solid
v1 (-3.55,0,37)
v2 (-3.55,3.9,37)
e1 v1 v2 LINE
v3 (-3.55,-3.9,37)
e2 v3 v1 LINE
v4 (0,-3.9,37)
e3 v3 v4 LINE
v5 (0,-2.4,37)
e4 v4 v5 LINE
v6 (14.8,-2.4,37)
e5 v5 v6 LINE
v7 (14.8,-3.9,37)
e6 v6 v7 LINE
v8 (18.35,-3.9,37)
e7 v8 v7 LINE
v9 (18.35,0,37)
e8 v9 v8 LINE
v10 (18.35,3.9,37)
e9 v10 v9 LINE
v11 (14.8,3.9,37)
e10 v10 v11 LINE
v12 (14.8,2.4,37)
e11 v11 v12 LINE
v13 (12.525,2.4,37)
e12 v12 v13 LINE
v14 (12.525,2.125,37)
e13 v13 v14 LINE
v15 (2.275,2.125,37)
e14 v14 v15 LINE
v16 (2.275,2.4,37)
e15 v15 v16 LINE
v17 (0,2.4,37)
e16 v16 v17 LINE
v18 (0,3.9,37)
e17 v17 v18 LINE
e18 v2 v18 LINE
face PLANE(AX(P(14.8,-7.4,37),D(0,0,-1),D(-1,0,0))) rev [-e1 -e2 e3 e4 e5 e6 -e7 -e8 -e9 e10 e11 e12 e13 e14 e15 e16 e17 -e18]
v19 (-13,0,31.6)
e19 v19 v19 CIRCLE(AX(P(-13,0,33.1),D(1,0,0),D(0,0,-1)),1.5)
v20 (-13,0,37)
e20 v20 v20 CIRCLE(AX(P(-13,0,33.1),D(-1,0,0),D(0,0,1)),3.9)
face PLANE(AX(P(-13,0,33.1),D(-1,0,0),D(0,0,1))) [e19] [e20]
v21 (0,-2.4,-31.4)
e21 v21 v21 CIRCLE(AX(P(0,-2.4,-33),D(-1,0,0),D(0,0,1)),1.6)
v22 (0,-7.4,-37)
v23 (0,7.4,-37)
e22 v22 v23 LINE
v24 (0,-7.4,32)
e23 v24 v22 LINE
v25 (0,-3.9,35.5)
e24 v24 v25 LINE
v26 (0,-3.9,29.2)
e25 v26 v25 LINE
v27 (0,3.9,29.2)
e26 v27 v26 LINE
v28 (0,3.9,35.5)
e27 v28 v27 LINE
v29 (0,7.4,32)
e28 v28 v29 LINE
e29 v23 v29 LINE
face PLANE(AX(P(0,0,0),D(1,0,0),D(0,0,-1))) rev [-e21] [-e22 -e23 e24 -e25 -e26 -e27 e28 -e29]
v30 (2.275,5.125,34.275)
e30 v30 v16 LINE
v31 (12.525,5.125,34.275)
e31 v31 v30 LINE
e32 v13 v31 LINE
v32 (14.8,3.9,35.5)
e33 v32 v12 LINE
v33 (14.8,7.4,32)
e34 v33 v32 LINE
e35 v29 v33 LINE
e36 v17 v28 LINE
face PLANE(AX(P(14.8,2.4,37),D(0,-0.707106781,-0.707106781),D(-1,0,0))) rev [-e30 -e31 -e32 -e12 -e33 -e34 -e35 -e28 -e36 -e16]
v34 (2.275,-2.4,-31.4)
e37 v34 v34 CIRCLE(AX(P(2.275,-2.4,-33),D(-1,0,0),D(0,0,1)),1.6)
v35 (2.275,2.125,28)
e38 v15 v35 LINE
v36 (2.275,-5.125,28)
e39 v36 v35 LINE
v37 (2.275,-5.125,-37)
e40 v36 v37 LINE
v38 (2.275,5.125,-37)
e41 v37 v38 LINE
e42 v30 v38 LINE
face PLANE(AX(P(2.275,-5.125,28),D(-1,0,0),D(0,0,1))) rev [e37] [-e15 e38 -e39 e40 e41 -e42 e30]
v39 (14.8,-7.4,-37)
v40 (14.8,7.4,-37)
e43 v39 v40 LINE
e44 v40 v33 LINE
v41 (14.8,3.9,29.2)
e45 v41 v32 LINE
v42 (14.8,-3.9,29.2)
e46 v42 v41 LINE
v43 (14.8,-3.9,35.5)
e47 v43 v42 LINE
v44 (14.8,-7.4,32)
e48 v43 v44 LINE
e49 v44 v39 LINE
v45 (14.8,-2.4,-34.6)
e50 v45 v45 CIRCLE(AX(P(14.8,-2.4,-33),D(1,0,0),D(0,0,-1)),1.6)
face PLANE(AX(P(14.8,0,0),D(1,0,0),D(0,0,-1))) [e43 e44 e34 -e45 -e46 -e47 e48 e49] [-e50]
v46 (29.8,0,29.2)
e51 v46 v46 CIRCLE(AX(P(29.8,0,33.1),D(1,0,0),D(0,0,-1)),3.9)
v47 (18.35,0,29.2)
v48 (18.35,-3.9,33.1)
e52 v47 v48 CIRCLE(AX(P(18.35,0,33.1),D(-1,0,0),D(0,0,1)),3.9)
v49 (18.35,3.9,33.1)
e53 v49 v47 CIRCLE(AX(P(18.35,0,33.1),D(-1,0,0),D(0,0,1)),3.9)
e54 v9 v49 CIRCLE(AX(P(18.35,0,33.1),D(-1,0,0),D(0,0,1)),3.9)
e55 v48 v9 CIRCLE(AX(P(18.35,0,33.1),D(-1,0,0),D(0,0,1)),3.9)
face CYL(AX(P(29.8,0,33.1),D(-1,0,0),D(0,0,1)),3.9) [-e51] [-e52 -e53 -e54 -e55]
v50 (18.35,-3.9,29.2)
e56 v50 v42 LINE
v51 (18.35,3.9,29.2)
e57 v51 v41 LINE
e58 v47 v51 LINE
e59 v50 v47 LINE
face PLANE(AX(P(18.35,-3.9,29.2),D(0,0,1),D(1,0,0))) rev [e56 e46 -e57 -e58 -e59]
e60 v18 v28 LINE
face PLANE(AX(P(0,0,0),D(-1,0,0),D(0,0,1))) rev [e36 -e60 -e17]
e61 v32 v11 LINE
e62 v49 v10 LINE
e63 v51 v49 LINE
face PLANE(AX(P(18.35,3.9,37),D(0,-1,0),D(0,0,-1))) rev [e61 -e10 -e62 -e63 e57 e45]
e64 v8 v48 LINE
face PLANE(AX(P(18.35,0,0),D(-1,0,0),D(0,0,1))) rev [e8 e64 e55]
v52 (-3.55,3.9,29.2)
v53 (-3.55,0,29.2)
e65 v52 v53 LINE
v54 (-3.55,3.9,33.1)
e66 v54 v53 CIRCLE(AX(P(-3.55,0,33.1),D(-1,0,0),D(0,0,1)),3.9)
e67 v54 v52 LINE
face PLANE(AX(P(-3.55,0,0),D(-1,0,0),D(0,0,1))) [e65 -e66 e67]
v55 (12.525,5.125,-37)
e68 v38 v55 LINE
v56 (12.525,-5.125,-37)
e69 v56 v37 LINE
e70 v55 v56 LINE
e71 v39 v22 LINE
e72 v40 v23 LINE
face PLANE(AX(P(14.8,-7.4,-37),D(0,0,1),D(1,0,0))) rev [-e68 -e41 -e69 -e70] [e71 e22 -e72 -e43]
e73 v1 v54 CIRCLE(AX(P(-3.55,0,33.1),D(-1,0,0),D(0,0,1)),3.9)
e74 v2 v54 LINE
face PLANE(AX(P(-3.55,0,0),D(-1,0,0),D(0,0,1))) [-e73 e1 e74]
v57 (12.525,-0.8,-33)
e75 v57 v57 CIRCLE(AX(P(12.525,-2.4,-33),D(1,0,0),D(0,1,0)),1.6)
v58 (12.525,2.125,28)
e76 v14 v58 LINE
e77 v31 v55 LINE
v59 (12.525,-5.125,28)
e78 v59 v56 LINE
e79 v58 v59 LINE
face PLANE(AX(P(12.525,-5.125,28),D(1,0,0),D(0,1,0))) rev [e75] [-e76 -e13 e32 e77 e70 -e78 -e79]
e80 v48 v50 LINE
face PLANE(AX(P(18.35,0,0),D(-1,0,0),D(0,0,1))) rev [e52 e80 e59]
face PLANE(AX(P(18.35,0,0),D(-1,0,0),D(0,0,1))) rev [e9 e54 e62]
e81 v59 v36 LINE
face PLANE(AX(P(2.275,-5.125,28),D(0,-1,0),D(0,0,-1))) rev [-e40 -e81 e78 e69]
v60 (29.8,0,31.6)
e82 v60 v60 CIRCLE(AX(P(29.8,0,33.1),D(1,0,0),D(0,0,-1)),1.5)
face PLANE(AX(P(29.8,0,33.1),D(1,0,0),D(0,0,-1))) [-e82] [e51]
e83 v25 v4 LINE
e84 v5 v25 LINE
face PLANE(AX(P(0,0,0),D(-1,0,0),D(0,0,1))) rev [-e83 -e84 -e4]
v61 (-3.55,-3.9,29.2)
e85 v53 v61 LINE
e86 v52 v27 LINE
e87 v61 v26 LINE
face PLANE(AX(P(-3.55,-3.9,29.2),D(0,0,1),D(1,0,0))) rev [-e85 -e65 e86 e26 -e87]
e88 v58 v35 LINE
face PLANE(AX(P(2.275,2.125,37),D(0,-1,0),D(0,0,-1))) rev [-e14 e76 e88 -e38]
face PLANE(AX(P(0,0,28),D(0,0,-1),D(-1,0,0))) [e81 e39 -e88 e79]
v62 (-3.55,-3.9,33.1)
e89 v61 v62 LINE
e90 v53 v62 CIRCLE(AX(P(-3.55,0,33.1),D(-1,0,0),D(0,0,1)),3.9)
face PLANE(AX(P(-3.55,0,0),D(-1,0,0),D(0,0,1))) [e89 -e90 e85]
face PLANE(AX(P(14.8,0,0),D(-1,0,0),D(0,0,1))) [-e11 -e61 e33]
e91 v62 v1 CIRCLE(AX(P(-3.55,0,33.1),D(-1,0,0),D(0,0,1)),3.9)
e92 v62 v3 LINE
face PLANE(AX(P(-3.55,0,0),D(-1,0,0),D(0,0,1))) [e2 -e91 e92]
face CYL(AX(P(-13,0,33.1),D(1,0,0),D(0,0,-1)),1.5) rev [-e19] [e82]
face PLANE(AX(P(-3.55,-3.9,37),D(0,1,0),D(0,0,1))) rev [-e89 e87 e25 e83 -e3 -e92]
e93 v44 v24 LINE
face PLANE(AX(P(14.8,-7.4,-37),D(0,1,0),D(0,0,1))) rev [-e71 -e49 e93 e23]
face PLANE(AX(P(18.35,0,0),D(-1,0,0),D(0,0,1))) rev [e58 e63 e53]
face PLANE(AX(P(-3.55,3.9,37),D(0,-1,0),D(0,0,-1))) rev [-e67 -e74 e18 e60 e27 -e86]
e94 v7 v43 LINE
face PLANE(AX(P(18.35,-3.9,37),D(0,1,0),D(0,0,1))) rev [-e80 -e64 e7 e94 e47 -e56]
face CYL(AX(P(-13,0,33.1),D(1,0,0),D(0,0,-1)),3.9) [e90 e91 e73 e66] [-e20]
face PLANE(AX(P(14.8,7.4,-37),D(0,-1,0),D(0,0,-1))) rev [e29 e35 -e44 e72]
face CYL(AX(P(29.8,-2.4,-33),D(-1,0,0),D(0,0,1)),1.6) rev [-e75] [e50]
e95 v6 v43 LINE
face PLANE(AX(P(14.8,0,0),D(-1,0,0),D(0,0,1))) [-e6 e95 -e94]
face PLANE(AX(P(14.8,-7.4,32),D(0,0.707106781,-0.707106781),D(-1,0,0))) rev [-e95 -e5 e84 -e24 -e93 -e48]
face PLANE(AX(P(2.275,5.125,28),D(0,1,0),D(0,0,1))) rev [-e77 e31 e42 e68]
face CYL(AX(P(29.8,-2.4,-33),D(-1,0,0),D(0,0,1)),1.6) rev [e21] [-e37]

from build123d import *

# Parameters (mm, degrees)
SKETCH_1_W          = 74
SKETCH_1_H          = 14.8
EXTRUDE_1_DEPTH     = 14.8
SKETCH_2_W          = 10.25
SKETCH_2_H          = 10.25
CUT_EXTRUDE_1_DEPTH = 65
SKETCH_3_R          = 3.9
EXTRUDE_2_DEPTH     = 15
SKETCH_4_R          = 3.9
EXTRUDE_3_DEPTH     = 13
CHAMFER_1_SIZE      = 5
SKETCH_8_R          = 1.45
CUT_EXTRUDE_4_DEPTH = 43.8
SKETCH_9_W          = 7.8
SKETCH_9_H          = 7.8
SKETCH_9_R          = 1.5
EXTRUDE_4_DEPTH     = 3.55
SKETCH_10_W         = 7.8
SKETCH_10_H         = 7.8
EXTRUDE_5_DEPTH     = 3.55
SKETCH1_R           = 1.6
CUT_EXTRUDE1_DEPTH  = 30.8
SKETCH2_R           = 1.5
CUT_EXTRUDE2_DEPTH  = 43.8
SKETCH3_W           = 10.25
SKETCH3_H           = 3
CUT_EXTRUDE3_DEPTH  = 10


with BuildPart() as part:
    # Эскиз1 → Бобышка-Вытянуть1 (new body)
    with BuildSketch(Plane(origin=(0, 0, 0), x_dir=(0, 0, -1), z_dir=(1, 0, 0))):
        Rectangle(SKETCH_1_W, SKETCH_1_H)
    extrude(amount=EXTRUDE_1_DEPTH)

    # Эскиз2 → Вырез-Вытянуть1 (cut)
    with BuildSketch(Plane(origin=(0, 0, -37), x_dir=(-1, 0, 0), z_dir=(0, 0, -1))):
        with Locations((-7.4, 0)):
            Rectangle(SKETCH_2_W, SKETCH_2_H)
    extrude(amount=-CUT_EXTRUDE_1_DEPTH, mode=Mode.SUBTRACT)

    # Эскиз3 → Бобышка-Вытянуть2 (add)
    with BuildSketch(Plane(origin=(14.8, 0, 0), x_dir=(0, 0, -1), z_dir=(1, 0, 0))):
        with Locations((-33.1, 0)):
            Circle(SKETCH_3_R)
    extrude(amount=EXTRUDE_2_DEPTH)

    # Эскиз4 → Бобышка-Вытянуть3 (add)
    with BuildSketch(Plane.ZY):
        with Locations((33.1, 0)):
            Circle(SKETCH_4_R)
    extrude(amount=EXTRUDE_3_DEPTH)

    # Фаска1
    chamfer_1_edges = [part.edges().sort_by_distance(p)[0] for p in [
        (7.4, 7.4, 37),
        (7.4, -7.4, 37),
    ]]
    chamfer(chamfer_1_edges, length=CHAMFER_1_SIZE)

    # Эскиз8 → Вырез-Вытянуть4 (cut, through all)
    with BuildSketch(Plane(origin=(29.8, 0, 0), x_dir=(0, 0, -1), z_dir=(1, 0, 0))):
        with Locations((-33.1, 0)):
            Circle(SKETCH_8_R)
    extrude(amount=-CUT_EXTRUDE_4_DEPTH, mode=Mode.SUBTRACT)

    # Эскиз9 → Бобышка-Вытянуть4 (add)
    with BuildSketch(Plane.ZY):
        with Locations((33.1, 0)):
            Rectangle(SKETCH_9_W, SKETCH_9_H)
        with Locations((33.1, 0)):
            Circle(SKETCH_9_R, mode=Mode.SUBTRACT)
    extrude(amount=EXTRUDE_4_DEPTH)

    # Эскиз10 → Бобышка-Вытянуть5 (add)
    with BuildSketch(Plane(origin=(14.8, 0, 0), x_dir=(0, 0, -1), z_dir=(1, 0, 0))):
        with Locations((-33.1, 0)):
            Rectangle(SKETCH_10_W, SKETCH_10_H)
    extrude(amount=EXTRUDE_5_DEPTH)

    # Sketch1 → Cut-Extrude1 (cut, through all)
    with BuildSketch(Plane.ZY):
        with Locations((-33, -2.4)):
            Circle(SKETCH1_R)
    extrude(amount=-CUT_EXTRUDE1_DEPTH, mode=Mode.SUBTRACT)

    # Sketch2 → Cut-Extrude2 (cut, through all)
    with BuildSketch(Plane(origin=(29.8, 0, 0), x_dir=(0, 0, -1), z_dir=(1, 0, 0))):
        with Locations((-33.1, 0)):
            Circle(SKETCH2_R)
    extrude(amount=-CUT_EXTRUDE2_DEPTH, mode=Mode.SUBTRACT)

    # Sketch3 → Cut-Extrude3 (cut, through all)
    with BuildSketch(Plane(origin=(0, 0, 28), x_dir=(-1, 0, 0), z_dir=(0, 0, -1))):
        with Locations((-7.4, 3.625)):
            Rectangle(SKETCH3_W, SKETCH3_H)
    extrude(amount=-CUT_EXTRUDE3_DEPTH, mode=Mode.SUBTRACT)


solid = part.part
